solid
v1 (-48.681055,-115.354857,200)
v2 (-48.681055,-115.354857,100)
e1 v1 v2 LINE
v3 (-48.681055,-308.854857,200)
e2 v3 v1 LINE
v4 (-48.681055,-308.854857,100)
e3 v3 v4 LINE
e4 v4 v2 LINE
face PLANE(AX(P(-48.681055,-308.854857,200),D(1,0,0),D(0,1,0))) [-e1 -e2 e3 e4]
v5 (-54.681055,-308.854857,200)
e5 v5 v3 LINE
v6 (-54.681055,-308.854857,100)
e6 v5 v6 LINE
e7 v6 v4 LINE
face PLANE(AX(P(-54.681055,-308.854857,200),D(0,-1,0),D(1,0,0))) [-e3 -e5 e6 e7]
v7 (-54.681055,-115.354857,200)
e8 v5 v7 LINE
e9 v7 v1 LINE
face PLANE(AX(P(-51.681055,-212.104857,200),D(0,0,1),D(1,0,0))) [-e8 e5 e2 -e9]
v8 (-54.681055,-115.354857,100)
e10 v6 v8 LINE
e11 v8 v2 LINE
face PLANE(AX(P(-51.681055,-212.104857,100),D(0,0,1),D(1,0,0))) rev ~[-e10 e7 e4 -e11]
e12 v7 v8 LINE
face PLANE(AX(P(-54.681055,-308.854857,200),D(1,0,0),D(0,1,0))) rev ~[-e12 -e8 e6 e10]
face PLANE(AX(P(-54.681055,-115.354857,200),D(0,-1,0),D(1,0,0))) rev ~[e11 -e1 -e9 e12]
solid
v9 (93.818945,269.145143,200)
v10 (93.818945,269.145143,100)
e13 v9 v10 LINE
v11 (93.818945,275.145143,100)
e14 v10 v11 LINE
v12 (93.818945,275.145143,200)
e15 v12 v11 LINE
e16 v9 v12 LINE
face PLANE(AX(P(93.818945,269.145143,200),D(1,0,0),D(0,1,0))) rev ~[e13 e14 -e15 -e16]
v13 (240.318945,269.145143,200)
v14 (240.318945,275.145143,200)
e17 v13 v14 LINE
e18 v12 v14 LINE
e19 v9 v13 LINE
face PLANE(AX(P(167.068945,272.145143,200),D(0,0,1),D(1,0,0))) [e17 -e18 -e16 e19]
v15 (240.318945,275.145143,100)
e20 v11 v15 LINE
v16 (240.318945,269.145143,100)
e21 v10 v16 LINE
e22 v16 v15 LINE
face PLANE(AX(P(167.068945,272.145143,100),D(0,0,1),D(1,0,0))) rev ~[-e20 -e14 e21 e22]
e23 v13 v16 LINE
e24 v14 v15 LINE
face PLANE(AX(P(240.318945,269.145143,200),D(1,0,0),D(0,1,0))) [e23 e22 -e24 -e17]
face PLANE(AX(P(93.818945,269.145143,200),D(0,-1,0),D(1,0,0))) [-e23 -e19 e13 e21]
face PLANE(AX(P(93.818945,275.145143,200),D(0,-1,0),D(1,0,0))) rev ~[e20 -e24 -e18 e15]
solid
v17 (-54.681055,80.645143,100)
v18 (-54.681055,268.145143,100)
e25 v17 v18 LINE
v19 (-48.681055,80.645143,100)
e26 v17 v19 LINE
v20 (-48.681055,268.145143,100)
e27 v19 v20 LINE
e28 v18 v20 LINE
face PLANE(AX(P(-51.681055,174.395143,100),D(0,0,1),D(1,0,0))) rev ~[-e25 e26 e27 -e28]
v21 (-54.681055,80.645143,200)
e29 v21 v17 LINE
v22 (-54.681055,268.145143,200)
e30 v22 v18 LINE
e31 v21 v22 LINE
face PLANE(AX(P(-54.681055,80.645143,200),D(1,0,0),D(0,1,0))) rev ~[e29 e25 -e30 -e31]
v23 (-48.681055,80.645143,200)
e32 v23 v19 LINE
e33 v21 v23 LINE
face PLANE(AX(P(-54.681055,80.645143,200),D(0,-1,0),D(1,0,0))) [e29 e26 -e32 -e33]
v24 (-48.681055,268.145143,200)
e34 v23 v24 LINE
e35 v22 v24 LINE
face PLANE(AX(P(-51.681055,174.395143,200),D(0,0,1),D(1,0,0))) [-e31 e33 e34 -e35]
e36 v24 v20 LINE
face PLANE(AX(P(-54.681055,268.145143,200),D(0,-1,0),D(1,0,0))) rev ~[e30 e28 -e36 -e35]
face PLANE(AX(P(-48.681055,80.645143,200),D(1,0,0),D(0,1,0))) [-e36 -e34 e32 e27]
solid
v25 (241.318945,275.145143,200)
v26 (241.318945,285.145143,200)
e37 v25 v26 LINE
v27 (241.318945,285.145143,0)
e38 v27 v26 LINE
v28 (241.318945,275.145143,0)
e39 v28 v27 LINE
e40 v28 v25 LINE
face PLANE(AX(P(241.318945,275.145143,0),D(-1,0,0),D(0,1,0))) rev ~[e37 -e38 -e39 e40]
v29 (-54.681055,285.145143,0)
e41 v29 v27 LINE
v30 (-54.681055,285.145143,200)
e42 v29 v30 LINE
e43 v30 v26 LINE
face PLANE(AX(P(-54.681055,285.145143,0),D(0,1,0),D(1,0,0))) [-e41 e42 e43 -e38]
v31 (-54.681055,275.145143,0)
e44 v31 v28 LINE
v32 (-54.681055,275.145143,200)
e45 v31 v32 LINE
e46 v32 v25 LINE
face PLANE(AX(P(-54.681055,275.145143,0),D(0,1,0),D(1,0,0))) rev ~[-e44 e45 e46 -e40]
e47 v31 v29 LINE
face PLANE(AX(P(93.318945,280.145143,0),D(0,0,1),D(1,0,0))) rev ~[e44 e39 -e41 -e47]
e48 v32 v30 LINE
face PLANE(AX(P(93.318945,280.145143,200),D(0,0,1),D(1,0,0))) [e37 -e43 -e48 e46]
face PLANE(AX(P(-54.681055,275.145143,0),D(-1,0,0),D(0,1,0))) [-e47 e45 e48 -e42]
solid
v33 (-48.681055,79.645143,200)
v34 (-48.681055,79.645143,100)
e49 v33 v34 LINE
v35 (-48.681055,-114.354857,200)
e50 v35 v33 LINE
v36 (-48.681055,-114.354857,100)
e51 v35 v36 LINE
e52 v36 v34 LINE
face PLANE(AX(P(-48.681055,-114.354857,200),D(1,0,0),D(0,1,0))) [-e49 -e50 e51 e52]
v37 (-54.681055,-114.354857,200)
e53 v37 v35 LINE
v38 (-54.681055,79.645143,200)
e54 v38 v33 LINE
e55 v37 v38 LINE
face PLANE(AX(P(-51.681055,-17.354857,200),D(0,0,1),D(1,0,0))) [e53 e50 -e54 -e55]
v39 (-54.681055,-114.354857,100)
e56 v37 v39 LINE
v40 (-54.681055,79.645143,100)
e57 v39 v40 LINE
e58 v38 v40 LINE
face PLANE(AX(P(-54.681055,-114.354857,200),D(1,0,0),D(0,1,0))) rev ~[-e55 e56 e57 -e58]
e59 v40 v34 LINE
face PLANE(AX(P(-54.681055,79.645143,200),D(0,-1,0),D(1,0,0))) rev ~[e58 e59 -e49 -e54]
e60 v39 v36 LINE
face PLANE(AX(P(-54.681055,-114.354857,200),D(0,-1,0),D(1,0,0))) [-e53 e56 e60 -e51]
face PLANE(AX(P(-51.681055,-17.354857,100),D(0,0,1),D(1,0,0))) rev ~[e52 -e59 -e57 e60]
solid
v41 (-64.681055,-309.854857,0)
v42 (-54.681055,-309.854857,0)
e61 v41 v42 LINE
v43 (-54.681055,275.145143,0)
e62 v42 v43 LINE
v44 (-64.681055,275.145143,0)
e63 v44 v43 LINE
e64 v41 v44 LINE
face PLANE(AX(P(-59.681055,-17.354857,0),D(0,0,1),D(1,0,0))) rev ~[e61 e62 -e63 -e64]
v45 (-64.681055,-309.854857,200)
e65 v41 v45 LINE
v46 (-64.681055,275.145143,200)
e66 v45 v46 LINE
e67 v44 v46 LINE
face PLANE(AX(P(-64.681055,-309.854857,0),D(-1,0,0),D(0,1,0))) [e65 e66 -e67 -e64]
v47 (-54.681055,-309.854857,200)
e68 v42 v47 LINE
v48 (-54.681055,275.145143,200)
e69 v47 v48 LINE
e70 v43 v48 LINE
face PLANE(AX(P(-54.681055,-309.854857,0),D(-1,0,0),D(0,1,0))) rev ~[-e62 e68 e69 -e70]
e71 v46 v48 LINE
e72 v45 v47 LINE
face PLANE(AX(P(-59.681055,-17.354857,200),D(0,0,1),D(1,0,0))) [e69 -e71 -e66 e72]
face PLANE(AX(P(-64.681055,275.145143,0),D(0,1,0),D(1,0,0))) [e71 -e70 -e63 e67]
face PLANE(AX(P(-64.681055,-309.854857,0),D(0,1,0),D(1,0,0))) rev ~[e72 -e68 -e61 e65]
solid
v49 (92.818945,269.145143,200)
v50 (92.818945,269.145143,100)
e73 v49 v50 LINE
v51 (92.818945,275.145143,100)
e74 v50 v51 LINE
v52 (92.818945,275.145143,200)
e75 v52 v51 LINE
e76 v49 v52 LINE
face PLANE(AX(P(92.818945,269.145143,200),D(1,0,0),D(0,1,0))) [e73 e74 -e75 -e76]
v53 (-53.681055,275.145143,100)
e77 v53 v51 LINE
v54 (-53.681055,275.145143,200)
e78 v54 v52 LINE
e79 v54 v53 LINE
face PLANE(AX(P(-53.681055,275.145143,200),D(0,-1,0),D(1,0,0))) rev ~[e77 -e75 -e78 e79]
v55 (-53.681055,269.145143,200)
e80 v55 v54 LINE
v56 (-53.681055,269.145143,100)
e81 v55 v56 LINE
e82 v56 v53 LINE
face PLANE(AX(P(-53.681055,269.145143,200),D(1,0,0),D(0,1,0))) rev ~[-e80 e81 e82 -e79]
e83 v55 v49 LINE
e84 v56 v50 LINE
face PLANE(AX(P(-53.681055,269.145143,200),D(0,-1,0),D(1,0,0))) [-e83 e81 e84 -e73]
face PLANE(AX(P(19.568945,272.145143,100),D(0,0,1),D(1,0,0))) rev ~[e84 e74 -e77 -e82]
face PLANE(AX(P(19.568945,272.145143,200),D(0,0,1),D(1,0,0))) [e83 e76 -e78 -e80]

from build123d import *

# Parameters (mm, degrees)
F0_W     = 296
F0_H     = 10
F0_W_2   = 10
F0_H_2   = 585
F1_DEPTH = 200
F3_W     = 6
F3_H     = 187.5
F3_H_2   = 194
F3_H_3   = 193.5
F2_W     = 146.5
F2_H     = 6
F4_DEPTH = 100


with BuildPart() as f1:
    # F0 (on Top) → F1 (new body)
    with BuildSketch(Plane.XY):
        with Locations((93.318945, 280.145143)):
            Rectangle(F0_W, F0_H)
        with Locations((-59.681055, -17.354857)):
            Rectangle(F0_W_2, F0_H_2)
    extrude(amount=F1_DEPTH)


with BuildPart() as f4:
    # F3 (on face) + F2 (on face) → F4 (new body)
    with BuildSketch(Plane.XY.offset(200)):
        with Locations((-51.681055, 174.395143)):
            Rectangle(F3_W, F3_H)
        with Locations((-51.681055, -17.354857)):
            Rectangle(F3_W, F3_H_2)
        with Locations((-51.681055, -212.104857)):
            Rectangle(F3_W, F3_H_3)
    with BuildSketch(Plane.XY.offset(200)):
        with Locations((19.568945, 272.145143)):
            Rectangle(F2_W, F2_H)
        with Locations((167.068945, 272.145143)):
            Rectangle(F2_W, F2_H)
    extrude(amount=-F4_DEPTH)


solid = Compound([f1.part, f4.part])
